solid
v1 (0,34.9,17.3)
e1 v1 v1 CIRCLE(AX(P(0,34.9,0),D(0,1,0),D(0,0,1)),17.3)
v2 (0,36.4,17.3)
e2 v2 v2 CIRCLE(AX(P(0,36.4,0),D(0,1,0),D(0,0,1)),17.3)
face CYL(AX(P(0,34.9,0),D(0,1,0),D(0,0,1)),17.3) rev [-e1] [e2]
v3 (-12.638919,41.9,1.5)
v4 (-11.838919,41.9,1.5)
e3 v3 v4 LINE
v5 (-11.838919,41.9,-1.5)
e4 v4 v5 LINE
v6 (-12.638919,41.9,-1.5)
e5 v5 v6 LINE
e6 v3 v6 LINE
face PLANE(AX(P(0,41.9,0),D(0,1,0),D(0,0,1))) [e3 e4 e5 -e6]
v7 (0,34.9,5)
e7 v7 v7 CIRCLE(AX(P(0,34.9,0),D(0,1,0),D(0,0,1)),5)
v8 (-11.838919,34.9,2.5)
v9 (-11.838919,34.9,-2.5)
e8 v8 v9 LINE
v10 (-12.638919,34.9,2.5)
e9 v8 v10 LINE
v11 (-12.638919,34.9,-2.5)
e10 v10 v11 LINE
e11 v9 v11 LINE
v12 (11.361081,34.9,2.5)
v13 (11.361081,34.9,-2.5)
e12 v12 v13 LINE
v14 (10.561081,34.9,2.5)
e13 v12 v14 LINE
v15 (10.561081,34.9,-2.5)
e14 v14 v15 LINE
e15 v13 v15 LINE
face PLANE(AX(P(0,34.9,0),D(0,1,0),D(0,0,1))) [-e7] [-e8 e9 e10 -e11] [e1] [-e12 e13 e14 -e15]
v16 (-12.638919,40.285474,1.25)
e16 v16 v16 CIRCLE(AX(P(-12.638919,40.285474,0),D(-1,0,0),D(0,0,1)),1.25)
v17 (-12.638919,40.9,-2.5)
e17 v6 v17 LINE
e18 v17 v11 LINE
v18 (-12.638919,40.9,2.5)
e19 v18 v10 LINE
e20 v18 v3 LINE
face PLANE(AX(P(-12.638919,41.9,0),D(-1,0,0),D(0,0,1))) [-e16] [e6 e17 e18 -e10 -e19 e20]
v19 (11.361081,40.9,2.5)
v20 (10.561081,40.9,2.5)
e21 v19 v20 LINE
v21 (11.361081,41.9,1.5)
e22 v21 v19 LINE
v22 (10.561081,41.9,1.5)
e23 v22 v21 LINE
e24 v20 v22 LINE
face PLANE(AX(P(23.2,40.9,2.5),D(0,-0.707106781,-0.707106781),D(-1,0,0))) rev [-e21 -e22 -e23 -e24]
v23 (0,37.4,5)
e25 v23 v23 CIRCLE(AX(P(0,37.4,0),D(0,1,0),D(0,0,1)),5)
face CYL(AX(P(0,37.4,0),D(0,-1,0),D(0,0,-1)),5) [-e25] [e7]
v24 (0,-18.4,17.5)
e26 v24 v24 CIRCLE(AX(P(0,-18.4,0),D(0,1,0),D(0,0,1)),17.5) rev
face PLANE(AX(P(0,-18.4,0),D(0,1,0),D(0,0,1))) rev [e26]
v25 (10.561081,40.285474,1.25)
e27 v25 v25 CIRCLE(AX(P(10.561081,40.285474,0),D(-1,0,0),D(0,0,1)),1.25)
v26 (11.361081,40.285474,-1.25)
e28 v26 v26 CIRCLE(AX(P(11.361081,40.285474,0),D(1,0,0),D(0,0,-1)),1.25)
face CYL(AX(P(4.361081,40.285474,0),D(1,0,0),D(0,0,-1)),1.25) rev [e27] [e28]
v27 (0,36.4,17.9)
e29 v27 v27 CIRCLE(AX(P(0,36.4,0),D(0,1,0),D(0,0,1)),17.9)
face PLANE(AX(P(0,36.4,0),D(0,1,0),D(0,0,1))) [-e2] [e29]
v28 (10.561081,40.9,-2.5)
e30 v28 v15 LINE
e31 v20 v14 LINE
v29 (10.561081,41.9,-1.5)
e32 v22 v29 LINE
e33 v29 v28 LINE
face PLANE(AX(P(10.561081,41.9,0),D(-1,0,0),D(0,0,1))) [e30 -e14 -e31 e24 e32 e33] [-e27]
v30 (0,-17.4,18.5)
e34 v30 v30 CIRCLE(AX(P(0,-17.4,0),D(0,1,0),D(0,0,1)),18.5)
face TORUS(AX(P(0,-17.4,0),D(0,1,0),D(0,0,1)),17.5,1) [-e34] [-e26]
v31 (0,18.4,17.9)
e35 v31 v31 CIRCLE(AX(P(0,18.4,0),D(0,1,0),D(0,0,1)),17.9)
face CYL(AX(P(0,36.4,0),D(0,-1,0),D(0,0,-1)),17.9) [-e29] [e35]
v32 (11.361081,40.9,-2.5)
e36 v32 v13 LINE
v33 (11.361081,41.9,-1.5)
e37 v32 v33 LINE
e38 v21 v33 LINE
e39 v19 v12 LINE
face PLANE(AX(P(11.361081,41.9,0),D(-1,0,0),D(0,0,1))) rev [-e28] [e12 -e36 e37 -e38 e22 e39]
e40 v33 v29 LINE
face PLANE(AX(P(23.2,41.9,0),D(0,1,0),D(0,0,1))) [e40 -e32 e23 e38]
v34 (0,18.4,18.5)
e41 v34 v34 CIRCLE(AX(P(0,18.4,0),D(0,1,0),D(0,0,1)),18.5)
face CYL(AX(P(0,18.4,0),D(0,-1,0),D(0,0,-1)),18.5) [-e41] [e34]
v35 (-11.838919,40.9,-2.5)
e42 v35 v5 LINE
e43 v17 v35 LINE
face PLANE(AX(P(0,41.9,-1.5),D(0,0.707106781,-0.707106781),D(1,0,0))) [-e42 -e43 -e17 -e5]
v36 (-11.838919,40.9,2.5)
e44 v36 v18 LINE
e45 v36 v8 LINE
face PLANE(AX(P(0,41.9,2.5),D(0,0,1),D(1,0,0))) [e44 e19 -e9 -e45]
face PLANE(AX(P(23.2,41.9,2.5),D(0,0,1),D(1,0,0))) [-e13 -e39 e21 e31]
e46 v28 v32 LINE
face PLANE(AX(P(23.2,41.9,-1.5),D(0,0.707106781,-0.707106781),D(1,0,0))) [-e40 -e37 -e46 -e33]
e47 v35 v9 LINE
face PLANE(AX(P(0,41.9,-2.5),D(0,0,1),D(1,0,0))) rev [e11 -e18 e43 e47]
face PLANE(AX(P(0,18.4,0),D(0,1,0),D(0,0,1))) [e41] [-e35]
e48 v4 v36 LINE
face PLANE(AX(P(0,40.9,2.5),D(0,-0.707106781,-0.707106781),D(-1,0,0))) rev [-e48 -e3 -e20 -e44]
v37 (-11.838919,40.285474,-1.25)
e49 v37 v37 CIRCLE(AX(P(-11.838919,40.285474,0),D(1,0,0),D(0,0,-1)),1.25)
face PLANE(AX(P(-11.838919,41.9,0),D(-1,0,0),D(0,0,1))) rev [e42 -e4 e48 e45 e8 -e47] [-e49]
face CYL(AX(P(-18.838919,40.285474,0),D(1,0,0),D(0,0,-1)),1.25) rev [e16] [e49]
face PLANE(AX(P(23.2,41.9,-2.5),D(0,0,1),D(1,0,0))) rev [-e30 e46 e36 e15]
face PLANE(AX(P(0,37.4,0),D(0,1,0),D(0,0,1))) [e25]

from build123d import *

# Parameters (mm, degrees)
CROQUIS1_R                = 18.5
SALIENTE_EXTRUIR1_DEPTH   = 18.4
CROQUIS2_R                = 17.9
SALIENTE_EXTRUIR2_DEPTH   = 18
CROQUIS3_R                = 17.3
CORTAR_EXTRUIR1_DEPTH     = 1.5
CROQUIS4_R                = 5
SALIENTE_EXTRUIR3_DEPTH   = 2.5
CROQUIS5_W                = 0.8
CROQUIS5_H                = 5
SALIENTE_EXTRUIR4_DEPTH   = 7
CHAFL_N1_SIZE             = 1
CHAFL_N2_SIZE             = 1
CROQUIS6_R                = 1.25
CORTAR_EXTRUIR2_DEPTH     = 7
MATRIZL1_COUNT            = 2
MATRIZL1_PITCH            = 23.2
CHAFL_N1_OF_MATRIZL1_SIZE = 1
CHAFL_N2_OF_MATRIZL1_SIZE = 1
REDONDEO1_R               = 1


with BuildPart() as part:
    # Croquis1 → Saliente-Extruir1 (new, symmetric)
    with BuildSketch(Plane(origin=(0, 0, 0), x_dir=(1, 0, 0), z_dir=(0, 1, 0))):
        with Locations(Location((0, 0, 0), (0, 0, 270))):
            Circle(CROQUIS1_R)
    extrude(amount=SALIENTE_EXTRUIR1_DEPTH, both=True)

    # Croquis2 → Saliente-Extruir2 (add)
    with BuildSketch(Plane(origin=(0, 18.4, 0), x_dir=(1, 0, 0), z_dir=(0, 1, 0))):
        with Locations(Location((0, 0, 0), (0, 0, 270))):
            Circle(CROQUIS2_R)
    extrude(amount=SALIENTE_EXTRUIR2_DEPTH)

    # Croquis3 → Cortar-Extruir1 (cut)
    with BuildSketch(Plane(origin=(0, 36.4, 0), x_dir=(1, 0, 0), z_dir=(0, 1, 0))):
        with Locations(Location((0, 0, 0), (0, 0, 270))):
            Circle(CROQUIS3_R)
    extrude(amount=-CORTAR_EXTRUIR1_DEPTH, mode=Mode.SUBTRACT)

    # Croquis4 → Saliente-Extruir3 (add)
    with BuildSketch(Plane(origin=(0, 34.9, 0), x_dir=(1, 0, 0), z_dir=(0, 1, 0))):
        with Locations(Location((0, 0, 0), (0, 0, 270))):
            Circle(CROQUIS4_R)
    extrude(amount=SALIENTE_EXTRUIR3_DEPTH)

    # Croquis5 → Saliente-Extruir4 (add)
    with BuildSketch(Plane(origin=(0, 34.9, 0), x_dir=(1, 0, 0), z_dir=(0, 1, 0))):
        with Locations((-12.23891887, 0)):
            Rectangle(CROQUIS5_W, CROQUIS5_H)
    saliente_extruir4 = extrude(amount=SALIENTE_EXTRUIR4_DEPTH)

    # Chaflán1
    chafl_n1_edges = [part.edges().sort_by_distance(p)[0] for p in [
        (-12.23891887, 41.9, 2.5),
    ]]
    chamfer(chafl_n1_edges, length=CHAFL_N1_SIZE)

    # Chaflán2
    chafl_n2_edges = [part.edges().sort_by_distance(p)[0] for p in [
        (-12.23891887, 41.9, -2.5),
    ]]
    chamfer(chafl_n2_edges, length=CHAFL_N2_SIZE)

    # Croquis6 → Cortar-Extruir2 (cut)
    with BuildSketch(Plane(origin=(-11.83891887, 0, 0), x_dir=(0, 0, -1), z_dir=(1, 0, 0))):
        with Locations((0, 40.285474099)):
            Circle(CROQUIS6_R)
    cortar_extruir2 = extrude(amount=-CORTAR_EXTRUIR2_DEPTH, mode=Mode.SUBTRACT)

    # MatrizL1: Saliente-Extruir4, Cortar-Extruir2 ×2
    with Locations(*[(i * MATRIZL1_PITCH, 0, 0) for i in range(1, MATRIZL1_COUNT)]):
        add(saliente_extruir4)
        add(cortar_extruir2, mode=Mode.SUBTRACT)

    # Chaflán1 of MatrizL1
    chafl_n1_of_matrizl1_edges = [part.edges().sort_by_distance(p)[0] for p in [
        (10.96108113, 41.9, 2.5),
    ]]
    chamfer(chafl_n1_of_matrizl1_edges, length=CHAFL_N1_OF_MATRIZL1_SIZE)

    # Chaflán2 of MatrizL1
    chafl_n2_of_matrizl1_edges = [part.edges().sort_by_distance(p)[0] for p in [
        (10.96108113, 41.9, -2.5),
    ]]
    chamfer(chafl_n2_of_matrizl1_edges, length=CHAFL_N2_OF_MATRIZL1_SIZE)

    # Redondeo1
    redondeo1_edges = [part.edges().sort_by_distance(p)[0] for p in [
        (0, -18.4, -18.5),
    ]]
    fillet(redondeo1_edges, radius=REDONDEO1_R)


solid = part.part
